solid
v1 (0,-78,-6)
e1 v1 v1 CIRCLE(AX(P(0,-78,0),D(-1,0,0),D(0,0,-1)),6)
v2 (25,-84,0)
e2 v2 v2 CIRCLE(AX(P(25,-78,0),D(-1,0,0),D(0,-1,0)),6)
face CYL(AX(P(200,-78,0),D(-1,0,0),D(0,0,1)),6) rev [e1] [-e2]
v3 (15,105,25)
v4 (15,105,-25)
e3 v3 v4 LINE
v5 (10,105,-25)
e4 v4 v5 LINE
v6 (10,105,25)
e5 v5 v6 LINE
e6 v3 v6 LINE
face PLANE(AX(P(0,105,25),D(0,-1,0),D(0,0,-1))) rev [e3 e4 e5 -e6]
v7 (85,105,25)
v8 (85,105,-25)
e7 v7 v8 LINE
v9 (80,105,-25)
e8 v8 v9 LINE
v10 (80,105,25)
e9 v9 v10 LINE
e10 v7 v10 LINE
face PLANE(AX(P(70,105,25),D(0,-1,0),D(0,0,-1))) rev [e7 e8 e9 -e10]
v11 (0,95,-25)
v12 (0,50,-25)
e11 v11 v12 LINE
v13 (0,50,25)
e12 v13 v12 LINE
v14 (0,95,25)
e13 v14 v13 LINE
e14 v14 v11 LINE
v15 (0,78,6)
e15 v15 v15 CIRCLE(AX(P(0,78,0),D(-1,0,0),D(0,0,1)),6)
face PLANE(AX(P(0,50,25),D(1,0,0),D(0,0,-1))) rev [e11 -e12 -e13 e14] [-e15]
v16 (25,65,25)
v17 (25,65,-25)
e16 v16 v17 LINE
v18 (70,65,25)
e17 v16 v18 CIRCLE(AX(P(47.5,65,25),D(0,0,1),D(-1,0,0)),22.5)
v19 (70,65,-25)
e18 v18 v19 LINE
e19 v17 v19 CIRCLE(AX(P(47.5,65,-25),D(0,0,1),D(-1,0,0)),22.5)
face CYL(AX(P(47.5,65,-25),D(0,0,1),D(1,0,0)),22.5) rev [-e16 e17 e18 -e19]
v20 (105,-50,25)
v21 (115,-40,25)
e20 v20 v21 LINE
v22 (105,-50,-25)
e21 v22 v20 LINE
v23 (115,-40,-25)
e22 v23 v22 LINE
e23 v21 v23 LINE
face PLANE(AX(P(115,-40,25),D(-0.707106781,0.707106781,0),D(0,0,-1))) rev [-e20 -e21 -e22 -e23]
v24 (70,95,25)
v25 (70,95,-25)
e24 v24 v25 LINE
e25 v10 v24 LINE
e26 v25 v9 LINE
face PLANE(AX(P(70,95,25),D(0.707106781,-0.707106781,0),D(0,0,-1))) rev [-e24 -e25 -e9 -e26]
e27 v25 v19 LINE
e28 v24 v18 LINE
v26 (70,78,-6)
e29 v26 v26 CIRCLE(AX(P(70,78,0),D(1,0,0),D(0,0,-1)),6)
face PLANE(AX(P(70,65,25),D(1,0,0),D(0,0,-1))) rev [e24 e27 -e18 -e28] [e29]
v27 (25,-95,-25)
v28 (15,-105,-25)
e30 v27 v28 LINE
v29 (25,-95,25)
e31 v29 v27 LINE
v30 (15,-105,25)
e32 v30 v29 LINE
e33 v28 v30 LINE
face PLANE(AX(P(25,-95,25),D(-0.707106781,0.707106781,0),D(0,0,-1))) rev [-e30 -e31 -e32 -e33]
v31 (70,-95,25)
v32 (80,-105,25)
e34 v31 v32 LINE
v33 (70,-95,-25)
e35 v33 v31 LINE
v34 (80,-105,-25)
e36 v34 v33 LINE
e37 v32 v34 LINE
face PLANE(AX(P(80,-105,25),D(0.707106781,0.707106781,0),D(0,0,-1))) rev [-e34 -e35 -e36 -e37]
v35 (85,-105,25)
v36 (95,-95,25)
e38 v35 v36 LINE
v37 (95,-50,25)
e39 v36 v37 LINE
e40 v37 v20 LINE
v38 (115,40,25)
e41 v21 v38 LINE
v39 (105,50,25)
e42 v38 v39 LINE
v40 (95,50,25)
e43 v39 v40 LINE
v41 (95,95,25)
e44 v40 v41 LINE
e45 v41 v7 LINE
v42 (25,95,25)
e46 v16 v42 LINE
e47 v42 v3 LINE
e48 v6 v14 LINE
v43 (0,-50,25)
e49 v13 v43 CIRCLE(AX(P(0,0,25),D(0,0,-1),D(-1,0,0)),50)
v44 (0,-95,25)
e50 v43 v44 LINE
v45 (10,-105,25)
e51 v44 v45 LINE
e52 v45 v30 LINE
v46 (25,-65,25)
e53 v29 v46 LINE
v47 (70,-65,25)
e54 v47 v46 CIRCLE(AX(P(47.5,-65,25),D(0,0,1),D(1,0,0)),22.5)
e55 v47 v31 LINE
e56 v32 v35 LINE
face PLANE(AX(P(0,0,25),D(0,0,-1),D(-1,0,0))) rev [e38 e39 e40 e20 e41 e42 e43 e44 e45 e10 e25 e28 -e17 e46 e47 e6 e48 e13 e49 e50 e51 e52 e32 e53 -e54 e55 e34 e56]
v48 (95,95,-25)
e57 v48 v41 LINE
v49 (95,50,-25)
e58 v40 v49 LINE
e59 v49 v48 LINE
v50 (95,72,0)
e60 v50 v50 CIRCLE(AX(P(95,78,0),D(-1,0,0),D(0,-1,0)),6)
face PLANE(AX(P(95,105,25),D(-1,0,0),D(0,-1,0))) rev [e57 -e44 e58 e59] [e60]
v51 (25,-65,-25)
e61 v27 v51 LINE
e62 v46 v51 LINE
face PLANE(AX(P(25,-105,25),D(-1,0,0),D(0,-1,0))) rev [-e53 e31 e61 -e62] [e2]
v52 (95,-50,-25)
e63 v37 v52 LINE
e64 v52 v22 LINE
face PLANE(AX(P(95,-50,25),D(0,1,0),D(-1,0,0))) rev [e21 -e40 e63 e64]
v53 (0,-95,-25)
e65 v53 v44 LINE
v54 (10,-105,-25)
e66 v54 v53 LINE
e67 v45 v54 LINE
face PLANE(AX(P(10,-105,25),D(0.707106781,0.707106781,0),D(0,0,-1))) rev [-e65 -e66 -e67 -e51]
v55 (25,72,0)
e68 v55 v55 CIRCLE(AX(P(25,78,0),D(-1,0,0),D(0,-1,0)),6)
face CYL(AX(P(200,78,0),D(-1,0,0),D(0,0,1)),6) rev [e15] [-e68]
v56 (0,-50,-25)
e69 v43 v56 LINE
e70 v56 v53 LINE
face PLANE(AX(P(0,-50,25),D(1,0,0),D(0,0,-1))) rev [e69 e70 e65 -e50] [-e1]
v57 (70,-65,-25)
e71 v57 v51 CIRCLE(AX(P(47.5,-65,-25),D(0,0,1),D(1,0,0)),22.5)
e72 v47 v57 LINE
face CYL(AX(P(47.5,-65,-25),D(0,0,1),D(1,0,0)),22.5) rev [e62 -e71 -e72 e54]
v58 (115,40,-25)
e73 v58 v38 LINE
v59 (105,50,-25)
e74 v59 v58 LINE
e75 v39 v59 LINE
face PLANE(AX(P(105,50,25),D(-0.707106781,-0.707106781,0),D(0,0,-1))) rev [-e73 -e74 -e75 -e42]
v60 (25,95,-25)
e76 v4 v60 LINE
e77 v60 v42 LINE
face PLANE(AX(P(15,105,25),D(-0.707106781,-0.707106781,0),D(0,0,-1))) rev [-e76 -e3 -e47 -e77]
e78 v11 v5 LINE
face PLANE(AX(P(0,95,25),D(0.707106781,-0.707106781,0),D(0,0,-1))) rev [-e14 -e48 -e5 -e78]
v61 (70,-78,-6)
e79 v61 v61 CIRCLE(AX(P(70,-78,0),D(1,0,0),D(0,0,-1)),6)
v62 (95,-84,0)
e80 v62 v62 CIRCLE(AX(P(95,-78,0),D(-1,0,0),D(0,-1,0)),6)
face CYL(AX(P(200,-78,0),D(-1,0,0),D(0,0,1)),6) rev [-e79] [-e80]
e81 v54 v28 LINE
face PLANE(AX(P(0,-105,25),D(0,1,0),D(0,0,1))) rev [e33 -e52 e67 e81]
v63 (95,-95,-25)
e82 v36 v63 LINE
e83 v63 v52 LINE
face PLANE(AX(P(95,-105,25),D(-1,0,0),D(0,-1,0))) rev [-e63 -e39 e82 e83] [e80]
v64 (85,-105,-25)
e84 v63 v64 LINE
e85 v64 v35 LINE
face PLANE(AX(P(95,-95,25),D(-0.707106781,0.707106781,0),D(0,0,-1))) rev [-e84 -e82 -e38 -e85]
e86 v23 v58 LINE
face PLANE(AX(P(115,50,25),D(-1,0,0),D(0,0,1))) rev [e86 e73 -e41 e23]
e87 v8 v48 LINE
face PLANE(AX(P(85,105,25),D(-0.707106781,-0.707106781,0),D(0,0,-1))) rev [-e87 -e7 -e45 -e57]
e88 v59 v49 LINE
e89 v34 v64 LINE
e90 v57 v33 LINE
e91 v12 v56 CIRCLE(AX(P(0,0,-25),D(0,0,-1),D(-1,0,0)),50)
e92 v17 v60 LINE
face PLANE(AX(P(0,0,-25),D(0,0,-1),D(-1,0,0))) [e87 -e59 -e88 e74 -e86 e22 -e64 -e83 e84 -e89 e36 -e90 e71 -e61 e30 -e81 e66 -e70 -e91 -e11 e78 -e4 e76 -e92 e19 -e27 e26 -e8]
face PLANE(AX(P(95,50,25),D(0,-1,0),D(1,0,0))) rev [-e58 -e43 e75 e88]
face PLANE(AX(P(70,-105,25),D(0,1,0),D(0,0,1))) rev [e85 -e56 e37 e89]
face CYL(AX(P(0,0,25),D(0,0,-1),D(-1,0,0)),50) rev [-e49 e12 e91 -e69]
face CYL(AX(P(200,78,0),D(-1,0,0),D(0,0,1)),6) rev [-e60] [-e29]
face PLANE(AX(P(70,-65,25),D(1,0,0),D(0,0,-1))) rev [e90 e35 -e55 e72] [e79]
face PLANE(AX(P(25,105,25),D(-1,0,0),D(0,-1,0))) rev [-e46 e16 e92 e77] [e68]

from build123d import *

# Parameters (mm, degrees)
BOSS_EXTRUDE1_DEPTH = 25
CUT_EXTRUDE1_DEPTH  = 50
SKETCH4_R           = 6
CUT_EXTRUDE2_DEPTH  = 200
CHAMFER1_SIZE       = 10
CHAMFER2_SIZE       = 10


with BuildPart() as part:
    # Sketch1 → Boss-Extrude1 (new, symmetric)
    with BuildSketch(Plane.XY):
        with BuildLine():
            Line((0, 50), (0, 105))
            Line((0, 105), (25, 105))
            Line((25, 105), (25, 65))
            Line((25, 65), (70, 65))
            Line((70, 65), (70, 105))
            Line((70, 105), (95, 105))
            Line((95, 105), (95, 50))
            Line((95, 50), (115, 50))
            Line((115, 50), (115, -50))
            Line((115, -50), (95, -50))
            Line((95, -50), (95, -105))
            Line((95, -105), (70, -105))
            Line((70, -105), (70, -65))
            Line((70, -65), (25, -65))
            Line((25, -65), (25, -105))
            Line((25, -105), (0, -105))
            Line((0, -105), (0, -50))
            ThreePointArc((0, -50), (50, 0), (0, 50))
        make_face()
    extrude(amount=BOSS_EXTRUDE1_DEPTH, both=True)

    # Sketch3 → Cut-Extrude1 (cut)
    with BuildSketch(Plane.XY.offset(25)):
        with BuildLine():
            Line((25, 65), (70, 65))
            ThreePointArc((70, 65), (47.5, 42.5), (25, 65))
        make_face()
        with BuildLine():
            Line((25, -65), (70, -65))
            ThreePointArc((70, -65), (47.5, -42.5), (25, -65))
        make_face()
    extrude(amount=-CUT_EXTRUDE1_DEPTH, mode=Mode.SUBTRACT)

    # Sketch4 → Cut-Extrude2 (cut)
    with BuildSketch(Plane.ZY):
        with Locations((0, 78)):
            Circle(SKETCH4_R)
        with Locations(Location((0, -78, 0), (0, 0, 270))):
            Circle(SKETCH4_R)
    extrude(amount=-CUT_EXTRUDE2_DEPTH, mode=Mode.SUBTRACT)

    # Chamfer1
    chamfer1_edges = [part.edges().sort_by_distance(p)[0] for p in [
        (115, 50, 0),
        (115, -50, 0),
    ]]
    chamfer(chamfer1_edges, length=CHAMFER1_SIZE)

    # Chamfer2
    chamfer2_edges = [part.edges().sort_by_distance(p)[0] for p in [
        (0, 105, 0),
        (25, 105, 0),
        (70, 105, 0),
        (95, 105, 0),
        (95, -105, 0),
        (70, -105, 0),
        (25, -105, 0),
        (0, -105, 0),
    ]]
    chamfer(chamfer2_edges, length=CHAMFER2_SIZE)


solid = part.part
